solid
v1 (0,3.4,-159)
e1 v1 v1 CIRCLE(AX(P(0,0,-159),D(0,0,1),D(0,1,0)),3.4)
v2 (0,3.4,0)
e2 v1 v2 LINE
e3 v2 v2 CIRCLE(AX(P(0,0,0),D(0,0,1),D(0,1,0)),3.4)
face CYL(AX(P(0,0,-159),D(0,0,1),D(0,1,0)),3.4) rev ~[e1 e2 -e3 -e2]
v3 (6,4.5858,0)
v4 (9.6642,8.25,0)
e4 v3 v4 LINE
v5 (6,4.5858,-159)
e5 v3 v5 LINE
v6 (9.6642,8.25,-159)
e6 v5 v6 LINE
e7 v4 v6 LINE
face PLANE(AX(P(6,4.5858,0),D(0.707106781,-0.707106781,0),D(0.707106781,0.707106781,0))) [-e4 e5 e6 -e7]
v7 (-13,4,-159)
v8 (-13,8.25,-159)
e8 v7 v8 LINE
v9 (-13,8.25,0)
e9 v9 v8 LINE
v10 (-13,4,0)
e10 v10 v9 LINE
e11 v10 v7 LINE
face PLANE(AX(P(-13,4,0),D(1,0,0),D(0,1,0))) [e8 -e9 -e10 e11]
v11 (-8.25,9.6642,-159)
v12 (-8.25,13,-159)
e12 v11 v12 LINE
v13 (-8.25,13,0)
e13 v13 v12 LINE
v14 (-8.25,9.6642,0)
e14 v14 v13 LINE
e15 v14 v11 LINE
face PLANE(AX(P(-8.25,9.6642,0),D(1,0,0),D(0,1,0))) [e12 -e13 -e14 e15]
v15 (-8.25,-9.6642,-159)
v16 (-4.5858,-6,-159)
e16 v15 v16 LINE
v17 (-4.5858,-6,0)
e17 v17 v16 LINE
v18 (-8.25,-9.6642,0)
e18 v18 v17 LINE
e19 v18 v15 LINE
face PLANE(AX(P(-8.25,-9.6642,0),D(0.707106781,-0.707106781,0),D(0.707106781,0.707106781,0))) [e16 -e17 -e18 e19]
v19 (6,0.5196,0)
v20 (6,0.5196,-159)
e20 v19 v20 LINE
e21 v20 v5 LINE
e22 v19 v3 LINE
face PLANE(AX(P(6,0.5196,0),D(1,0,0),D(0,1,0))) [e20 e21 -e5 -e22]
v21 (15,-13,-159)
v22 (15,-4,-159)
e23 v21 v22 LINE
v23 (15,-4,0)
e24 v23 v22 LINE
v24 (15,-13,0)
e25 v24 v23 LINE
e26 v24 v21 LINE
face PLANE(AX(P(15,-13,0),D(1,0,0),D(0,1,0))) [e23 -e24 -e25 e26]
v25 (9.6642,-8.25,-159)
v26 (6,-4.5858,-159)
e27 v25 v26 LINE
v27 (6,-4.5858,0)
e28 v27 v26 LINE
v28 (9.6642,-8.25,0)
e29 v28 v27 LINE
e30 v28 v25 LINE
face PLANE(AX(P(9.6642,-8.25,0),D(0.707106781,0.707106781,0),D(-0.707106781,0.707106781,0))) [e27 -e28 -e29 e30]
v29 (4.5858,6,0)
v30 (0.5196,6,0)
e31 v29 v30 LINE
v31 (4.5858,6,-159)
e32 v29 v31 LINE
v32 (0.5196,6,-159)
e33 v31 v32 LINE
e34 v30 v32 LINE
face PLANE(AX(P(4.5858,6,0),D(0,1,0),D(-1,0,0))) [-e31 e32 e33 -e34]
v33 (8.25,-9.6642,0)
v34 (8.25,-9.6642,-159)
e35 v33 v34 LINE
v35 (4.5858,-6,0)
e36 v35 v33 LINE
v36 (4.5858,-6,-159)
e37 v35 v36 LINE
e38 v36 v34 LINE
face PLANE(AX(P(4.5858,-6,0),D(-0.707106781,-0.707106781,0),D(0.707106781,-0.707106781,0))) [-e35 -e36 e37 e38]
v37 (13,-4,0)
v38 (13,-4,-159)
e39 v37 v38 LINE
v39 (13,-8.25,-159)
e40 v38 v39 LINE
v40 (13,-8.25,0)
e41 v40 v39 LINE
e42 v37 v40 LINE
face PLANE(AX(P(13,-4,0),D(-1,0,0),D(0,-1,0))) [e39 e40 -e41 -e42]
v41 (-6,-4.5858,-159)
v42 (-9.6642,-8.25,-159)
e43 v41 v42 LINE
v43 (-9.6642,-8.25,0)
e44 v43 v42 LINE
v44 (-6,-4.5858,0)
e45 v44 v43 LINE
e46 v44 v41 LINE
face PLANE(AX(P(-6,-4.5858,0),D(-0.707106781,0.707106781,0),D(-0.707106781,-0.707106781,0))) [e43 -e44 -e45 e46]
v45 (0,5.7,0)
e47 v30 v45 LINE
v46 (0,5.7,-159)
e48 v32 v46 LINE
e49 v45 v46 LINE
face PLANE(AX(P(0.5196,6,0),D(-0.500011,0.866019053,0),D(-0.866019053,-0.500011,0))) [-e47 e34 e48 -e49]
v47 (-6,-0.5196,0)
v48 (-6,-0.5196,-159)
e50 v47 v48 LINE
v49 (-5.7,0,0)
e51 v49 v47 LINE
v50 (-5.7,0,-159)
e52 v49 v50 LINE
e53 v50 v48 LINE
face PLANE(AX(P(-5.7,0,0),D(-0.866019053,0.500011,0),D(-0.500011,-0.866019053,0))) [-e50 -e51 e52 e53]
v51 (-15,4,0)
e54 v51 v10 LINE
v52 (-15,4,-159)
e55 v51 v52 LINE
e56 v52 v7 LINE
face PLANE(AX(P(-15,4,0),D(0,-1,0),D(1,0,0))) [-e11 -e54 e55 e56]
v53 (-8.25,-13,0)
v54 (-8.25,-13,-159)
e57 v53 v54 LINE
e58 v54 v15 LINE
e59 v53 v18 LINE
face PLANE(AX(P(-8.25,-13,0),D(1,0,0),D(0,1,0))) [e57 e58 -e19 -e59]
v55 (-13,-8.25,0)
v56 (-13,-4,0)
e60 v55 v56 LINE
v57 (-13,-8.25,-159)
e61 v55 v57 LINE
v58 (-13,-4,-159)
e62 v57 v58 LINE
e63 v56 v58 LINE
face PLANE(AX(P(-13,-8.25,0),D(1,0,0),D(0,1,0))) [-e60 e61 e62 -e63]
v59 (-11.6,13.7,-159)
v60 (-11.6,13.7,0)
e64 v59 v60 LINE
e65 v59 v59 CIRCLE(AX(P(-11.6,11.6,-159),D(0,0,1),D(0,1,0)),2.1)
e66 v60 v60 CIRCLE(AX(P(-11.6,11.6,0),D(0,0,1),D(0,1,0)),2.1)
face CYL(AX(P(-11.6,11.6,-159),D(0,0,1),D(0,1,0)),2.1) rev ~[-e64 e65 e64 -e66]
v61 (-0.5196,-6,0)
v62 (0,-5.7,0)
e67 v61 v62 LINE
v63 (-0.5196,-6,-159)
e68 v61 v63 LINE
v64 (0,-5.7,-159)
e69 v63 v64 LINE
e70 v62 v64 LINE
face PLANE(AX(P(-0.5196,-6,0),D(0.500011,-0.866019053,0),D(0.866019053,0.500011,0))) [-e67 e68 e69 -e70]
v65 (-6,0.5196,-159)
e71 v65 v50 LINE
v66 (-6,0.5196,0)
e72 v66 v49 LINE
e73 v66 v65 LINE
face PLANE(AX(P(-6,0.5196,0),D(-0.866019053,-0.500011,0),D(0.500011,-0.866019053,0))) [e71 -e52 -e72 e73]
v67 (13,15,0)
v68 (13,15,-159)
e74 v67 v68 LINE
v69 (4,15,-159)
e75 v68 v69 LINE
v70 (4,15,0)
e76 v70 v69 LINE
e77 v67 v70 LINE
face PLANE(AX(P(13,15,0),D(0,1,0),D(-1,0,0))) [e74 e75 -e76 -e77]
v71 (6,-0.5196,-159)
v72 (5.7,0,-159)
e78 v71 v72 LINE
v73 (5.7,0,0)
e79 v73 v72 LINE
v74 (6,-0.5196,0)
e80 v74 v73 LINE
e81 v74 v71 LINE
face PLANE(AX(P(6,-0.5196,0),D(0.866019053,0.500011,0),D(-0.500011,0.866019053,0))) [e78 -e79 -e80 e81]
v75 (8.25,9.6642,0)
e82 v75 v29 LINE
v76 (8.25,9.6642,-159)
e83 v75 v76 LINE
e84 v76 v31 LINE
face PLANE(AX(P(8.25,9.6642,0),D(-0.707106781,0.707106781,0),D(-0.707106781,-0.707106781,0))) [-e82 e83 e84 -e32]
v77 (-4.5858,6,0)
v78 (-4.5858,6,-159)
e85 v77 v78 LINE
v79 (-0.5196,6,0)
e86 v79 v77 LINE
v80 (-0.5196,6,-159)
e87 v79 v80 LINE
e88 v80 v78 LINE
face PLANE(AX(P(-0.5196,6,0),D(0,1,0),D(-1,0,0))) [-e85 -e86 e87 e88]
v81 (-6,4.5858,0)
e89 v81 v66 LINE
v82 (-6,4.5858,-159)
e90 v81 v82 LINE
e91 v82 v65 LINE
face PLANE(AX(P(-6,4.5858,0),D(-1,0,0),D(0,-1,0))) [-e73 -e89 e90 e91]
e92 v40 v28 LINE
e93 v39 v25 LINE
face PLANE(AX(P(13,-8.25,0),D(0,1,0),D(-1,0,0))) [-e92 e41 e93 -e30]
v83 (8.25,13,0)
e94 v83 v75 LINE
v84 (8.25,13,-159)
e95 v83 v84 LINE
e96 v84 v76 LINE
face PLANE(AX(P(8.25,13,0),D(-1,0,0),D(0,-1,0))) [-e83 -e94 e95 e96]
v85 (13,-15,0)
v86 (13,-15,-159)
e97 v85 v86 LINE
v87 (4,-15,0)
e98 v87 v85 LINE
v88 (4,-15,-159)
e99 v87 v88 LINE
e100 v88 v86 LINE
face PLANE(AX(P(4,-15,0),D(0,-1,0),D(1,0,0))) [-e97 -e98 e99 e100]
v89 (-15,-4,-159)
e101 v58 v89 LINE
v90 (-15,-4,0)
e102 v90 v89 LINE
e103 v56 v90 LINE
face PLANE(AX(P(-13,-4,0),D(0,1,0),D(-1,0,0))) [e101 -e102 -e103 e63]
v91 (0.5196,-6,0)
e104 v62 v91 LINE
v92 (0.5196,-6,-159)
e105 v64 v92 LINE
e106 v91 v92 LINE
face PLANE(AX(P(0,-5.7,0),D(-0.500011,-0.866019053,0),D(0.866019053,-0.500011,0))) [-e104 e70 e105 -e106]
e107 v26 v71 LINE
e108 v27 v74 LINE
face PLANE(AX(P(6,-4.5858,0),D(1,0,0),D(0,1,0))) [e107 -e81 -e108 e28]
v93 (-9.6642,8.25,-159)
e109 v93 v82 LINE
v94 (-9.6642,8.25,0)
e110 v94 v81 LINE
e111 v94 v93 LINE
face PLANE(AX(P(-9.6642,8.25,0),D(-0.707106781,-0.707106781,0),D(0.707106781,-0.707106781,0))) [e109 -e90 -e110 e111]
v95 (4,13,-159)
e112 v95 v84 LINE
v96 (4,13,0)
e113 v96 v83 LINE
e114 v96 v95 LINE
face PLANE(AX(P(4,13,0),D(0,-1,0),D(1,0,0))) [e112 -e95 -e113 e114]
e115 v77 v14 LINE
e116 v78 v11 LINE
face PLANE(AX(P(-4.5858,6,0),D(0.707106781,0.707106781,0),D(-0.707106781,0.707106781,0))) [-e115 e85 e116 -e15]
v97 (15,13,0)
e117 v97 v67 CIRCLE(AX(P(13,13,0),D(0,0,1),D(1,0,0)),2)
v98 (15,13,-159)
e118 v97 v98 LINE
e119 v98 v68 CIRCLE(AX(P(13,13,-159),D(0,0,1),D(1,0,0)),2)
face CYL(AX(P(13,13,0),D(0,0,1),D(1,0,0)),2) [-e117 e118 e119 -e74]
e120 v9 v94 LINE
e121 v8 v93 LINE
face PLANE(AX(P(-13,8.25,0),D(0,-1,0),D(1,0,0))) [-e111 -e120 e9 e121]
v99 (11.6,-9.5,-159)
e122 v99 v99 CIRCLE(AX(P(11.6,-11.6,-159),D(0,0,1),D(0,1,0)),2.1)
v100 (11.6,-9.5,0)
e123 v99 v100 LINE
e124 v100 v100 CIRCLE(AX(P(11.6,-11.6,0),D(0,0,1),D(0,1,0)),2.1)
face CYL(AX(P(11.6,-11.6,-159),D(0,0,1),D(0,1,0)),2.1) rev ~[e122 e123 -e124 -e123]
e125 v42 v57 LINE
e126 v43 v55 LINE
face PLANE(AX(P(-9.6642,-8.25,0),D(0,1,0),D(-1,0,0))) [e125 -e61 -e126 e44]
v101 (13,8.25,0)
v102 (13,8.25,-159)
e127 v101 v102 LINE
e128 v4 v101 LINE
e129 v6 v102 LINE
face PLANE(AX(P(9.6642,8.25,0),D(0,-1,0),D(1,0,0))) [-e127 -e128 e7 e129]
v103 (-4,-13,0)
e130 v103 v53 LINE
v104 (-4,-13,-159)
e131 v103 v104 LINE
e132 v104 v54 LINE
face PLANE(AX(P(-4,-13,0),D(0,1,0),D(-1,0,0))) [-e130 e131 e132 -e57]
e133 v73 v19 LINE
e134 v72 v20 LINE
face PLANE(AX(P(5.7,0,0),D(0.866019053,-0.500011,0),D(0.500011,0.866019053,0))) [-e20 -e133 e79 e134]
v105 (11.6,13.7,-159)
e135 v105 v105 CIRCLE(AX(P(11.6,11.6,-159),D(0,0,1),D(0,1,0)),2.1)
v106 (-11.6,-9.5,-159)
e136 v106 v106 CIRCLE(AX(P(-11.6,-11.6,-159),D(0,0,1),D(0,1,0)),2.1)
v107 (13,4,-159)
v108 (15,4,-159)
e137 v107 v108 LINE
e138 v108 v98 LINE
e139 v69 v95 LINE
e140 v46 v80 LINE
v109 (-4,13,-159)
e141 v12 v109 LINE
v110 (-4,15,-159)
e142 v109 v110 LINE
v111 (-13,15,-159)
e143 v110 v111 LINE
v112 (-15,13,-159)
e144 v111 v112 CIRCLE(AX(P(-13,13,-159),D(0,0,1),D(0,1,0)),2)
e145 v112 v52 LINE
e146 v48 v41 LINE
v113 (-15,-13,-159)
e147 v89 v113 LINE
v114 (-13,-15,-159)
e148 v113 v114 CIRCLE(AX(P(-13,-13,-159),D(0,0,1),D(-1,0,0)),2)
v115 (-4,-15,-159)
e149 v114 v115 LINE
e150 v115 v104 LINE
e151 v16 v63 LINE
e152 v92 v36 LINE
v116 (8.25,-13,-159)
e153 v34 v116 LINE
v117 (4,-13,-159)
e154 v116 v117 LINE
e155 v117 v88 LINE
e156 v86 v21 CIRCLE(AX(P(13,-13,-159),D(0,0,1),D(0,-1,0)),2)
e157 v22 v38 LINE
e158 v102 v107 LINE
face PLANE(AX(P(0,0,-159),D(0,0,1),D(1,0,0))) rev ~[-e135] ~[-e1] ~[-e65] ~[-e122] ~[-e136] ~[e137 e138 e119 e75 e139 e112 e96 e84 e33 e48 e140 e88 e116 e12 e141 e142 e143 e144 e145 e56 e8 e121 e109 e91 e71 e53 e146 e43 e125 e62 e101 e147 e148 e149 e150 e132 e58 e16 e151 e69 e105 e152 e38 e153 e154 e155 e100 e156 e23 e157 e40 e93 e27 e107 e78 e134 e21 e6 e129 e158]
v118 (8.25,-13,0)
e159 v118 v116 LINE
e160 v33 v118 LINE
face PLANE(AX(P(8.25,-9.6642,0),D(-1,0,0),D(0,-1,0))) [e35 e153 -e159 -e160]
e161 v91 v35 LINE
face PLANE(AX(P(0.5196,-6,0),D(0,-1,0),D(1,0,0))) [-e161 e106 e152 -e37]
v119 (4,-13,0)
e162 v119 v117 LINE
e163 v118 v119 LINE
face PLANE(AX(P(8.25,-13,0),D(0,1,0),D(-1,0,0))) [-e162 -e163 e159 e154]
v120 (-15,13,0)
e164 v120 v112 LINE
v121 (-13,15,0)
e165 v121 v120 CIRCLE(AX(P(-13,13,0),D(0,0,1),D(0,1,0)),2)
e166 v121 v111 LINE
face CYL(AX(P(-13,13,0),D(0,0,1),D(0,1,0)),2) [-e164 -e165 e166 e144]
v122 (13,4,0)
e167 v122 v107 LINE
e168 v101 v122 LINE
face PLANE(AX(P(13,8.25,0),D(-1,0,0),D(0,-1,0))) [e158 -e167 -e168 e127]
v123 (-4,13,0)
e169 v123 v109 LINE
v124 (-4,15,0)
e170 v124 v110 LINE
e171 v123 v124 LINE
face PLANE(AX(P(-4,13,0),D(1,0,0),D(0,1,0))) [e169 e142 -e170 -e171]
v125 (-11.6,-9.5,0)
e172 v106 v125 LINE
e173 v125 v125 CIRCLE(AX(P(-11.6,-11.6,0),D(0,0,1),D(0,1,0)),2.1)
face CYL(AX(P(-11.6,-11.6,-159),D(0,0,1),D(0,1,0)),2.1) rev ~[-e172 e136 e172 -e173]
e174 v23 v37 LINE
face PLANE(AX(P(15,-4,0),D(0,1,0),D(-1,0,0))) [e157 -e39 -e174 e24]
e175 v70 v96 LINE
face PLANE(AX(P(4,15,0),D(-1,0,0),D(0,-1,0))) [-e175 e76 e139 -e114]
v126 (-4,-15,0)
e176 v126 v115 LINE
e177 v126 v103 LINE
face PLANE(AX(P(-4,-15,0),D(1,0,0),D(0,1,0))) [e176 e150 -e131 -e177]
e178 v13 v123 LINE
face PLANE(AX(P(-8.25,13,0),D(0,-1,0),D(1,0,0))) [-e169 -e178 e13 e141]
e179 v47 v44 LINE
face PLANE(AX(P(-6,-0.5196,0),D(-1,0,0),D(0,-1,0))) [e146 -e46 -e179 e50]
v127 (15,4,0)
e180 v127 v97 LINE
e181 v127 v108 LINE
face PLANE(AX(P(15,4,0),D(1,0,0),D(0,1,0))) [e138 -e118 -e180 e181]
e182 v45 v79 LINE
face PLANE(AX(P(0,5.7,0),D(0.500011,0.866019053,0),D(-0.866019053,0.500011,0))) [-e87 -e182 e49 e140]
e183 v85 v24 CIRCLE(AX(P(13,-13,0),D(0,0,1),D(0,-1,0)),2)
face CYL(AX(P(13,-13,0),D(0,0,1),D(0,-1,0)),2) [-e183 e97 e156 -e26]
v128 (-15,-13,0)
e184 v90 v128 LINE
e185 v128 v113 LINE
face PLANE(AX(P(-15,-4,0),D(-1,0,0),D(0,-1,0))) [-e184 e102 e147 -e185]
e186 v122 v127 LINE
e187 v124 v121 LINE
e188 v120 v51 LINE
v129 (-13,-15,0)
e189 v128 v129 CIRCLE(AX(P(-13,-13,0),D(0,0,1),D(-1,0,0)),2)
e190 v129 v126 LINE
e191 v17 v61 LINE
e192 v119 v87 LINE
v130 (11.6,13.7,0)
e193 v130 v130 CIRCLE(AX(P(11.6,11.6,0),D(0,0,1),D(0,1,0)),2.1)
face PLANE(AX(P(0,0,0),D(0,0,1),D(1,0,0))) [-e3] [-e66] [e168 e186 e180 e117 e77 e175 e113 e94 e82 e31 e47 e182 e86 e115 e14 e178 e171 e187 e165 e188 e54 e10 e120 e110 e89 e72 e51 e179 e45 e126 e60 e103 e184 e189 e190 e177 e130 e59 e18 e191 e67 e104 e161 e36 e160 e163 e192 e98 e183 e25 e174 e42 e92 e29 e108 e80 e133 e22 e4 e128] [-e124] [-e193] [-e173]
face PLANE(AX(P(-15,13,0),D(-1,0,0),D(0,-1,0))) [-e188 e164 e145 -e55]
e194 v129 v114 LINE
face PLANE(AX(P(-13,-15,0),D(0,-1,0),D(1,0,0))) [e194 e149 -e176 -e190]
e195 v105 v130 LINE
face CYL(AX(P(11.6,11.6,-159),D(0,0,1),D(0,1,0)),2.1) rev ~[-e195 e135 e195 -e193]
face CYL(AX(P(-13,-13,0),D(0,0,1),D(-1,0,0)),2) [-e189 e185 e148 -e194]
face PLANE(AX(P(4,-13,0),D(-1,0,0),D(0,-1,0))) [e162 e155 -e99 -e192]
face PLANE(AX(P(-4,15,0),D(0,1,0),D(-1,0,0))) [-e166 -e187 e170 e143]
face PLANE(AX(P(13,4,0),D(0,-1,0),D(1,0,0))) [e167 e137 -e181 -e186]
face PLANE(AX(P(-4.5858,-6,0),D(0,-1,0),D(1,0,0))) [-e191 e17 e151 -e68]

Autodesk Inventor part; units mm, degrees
sketch "Sketch_1" plane through (0, 0, 0) normal (0, 0, 1) x (1, 0, 0)
  line L0 (-15, 4) -> (-13, 4)
  line L1 (-13, 4) -> (-13, 8.25)
  line L2 (-13, 8.25) -> (-9.6642, 8.25)
  line L3 (-9.6642, 8.25) -> (-6, 4.5858)
  line L4 (-6, 4.5858) -> (-6, 0.5196)
  line L5 (-6, 0.5196) -> (-5.7, 0)
  line L6 (-5.7, 0) -> (-6, -0.5196)
  line L7 (-6, -0.5196) -> (-6, -4.5858)
  line L8 (-6, -4.5858) -> (-9.6642, -8.25)
  line L9 (-9.6642, -8.25) -> (-13, -8.25)
  line L10 (-13, -8.25) -> (-13, -4)
  line L11 (-13, -4) -> (-15, -4)
  line L12 (-15, -4) -> (-15, -13)
  arc A0 (-15, -13) -> (-13, -15) centre (-13, -13) ccw
  line L13 (-13, -15) -> (-4, -15)
  line L14 (-4, -15) -> (-4, -13)
  line L15 (-4, -13) -> (-8.25, -13)
  line L16 (-8.25, -13) -> (-8.25, -9.6642)
  line L17 (-8.25, -9.6642) -> (-4.5858, -6)
  line L18 (-4.5858, -6) -> (-0.5196, -6)
  line L19 (-0.5196, -6) -> (0, -5.7)
  line L20 (0, -5.7) -> (0.5196, -6)
  line L21 (0.5196, -6) -> (4.5858, -6)
  line L22 (4.5858, -6) -> (8.25, -9.6642)
  line L23 (8.25, -9.6642) -> (8.25, -13)
  line L24 (8.25, -13) -> (4, -13)
  line L25 (4, -13) -> (4, -15)
  line L26 (4, -15) -> (13, -15)
  arc A1 (13, -15) -> (15, -13) centre (13, -13) ccw
  line L27 (15, -13) -> (15, -4)
  line L28 (15, -4) -> (13, -4)
  line L29 (13, -4) -> (13, -8.25)
  line L30 (13, -8.25) -> (9.6642, -8.25)
  line L31 (9.6642, -8.25) -> (6, -4.5858)
  line L32 (6, -4.5858) -> (6, -0.5196)
  line L33 (6, -0.5196) -> (5.7, 0)
  line L34 (5.7, 0) -> (6, 0.5196)
  line L35 (6, 0.5196) -> (6, 4.5858)
  line L36 (6, 4.5858) -> (9.6642, 8.25)
  line L37 (9.6642, 8.25) -> (13, 8.25)
  line L38 (13, 8.25) -> (13, 4)
  line L39 (13, 4) -> (15, 4)
  line L40 (15, 4) -> (15, 13)
  arc A2 (15, 13) -> (13, 15) centre (13, 13) ccw
  line L41 (13, 15) -> (4, 15)
  line L42 (4, 15) -> (4, 13)
  line L43 (4, 13) -> (8.25, 13)
  line L44 (8.25, 13) -> (8.25, 9.6642)
  line L45 (8.25, 9.6642) -> (4.5858, 6)
  line L46 (4.5858, 6) -> (0.5196, 6)
  line L47 (0.5196, 6) -> (0, 5.7)
  line L48 (0, 5.7) -> (-0.5196, 6)
  line L49 (-0.5196, 6) -> (-4.5858, 6)
  line L50 (-4.5858, 6) -> (-8.25, 9.6642)
  line L51 (-8.25, 9.6642) -> (-8.25, 13)
  line L52 (-8.25, 13) -> (-4, 13)
  line L53 (-4, 13) -> (-4, 15)
  line L54 (-4, 15) -> (-13, 15)
  arc A3 (-13, 15) -> (-15, 13) centre (-13, 13) ccw
  line L55 (-15, 13) -> (-15, 4)
extrude "Extrusion1" add sketch "Sketch_1" against normal blind 159
sketch "Sketch2" plane through (0, 0, -159) normal (0, 0, -1) x (-1, 0, 0)
  point P0 (0, 0)
hole "Hole1" at (0, 0, -159) direction (0, 0, 1) diameter 6.8 depth 159
sketch "Sketch3" plane through (0, 0, -159) normal (0, 0, -1) x (-1, 0, 0)
  point P0 (-11.6, 11.6)
hole "Hole2" at (11.6, 11.6, -159) direction (0, 0, 1) diameter 4.2 depth 159
pattern_linear "Rectangular Pattern1" count 2 spacing 23.2 along (-1, 0, 0) count 2 spacing 23.2 along (0, -1, 0) of "Hole2"
ref_plane "C1_XY" through (0, 0, 0) normal (0, 0, 1) x (1, 0, 0)
ref_plane "C1_YZ" through (0, 0, 0) normal (1, 0, 0) x (0, 1, 0)
ref_plane "C1_ZX" through (0, 0, 0) normal (0, 1, 0) x (0, 0, 1)
ref_plane "to_frame_cap1_XY" through (0, 0, 0) normal (0, 0, 1) x (1, 0, 0)
ref_plane "to_frame_cap1_YZ" through (0, 0, 0) normal (1, 0, 0) x (0, 1, 0)
ref_plane "to_frame_cap1_ZX" through (0, 0, 0) normal (0, 1, 0) x (0, 0, 1)
ref_plane "to_frame_cap2_XY" through (0, 0, -159) normal (0, 0, -1) x (1, 0, 0)
ref_plane "to_frame_cap2_YZ" through (0, 0, -159) normal (1, 0, 0) x (0, -1, 0)
ref_plane "to_frame_cap2_ZX" through (0, 0, -159) normal (0, -1, 0) x (0, 0, -1)
properties part number "HFS6-3030-159"
